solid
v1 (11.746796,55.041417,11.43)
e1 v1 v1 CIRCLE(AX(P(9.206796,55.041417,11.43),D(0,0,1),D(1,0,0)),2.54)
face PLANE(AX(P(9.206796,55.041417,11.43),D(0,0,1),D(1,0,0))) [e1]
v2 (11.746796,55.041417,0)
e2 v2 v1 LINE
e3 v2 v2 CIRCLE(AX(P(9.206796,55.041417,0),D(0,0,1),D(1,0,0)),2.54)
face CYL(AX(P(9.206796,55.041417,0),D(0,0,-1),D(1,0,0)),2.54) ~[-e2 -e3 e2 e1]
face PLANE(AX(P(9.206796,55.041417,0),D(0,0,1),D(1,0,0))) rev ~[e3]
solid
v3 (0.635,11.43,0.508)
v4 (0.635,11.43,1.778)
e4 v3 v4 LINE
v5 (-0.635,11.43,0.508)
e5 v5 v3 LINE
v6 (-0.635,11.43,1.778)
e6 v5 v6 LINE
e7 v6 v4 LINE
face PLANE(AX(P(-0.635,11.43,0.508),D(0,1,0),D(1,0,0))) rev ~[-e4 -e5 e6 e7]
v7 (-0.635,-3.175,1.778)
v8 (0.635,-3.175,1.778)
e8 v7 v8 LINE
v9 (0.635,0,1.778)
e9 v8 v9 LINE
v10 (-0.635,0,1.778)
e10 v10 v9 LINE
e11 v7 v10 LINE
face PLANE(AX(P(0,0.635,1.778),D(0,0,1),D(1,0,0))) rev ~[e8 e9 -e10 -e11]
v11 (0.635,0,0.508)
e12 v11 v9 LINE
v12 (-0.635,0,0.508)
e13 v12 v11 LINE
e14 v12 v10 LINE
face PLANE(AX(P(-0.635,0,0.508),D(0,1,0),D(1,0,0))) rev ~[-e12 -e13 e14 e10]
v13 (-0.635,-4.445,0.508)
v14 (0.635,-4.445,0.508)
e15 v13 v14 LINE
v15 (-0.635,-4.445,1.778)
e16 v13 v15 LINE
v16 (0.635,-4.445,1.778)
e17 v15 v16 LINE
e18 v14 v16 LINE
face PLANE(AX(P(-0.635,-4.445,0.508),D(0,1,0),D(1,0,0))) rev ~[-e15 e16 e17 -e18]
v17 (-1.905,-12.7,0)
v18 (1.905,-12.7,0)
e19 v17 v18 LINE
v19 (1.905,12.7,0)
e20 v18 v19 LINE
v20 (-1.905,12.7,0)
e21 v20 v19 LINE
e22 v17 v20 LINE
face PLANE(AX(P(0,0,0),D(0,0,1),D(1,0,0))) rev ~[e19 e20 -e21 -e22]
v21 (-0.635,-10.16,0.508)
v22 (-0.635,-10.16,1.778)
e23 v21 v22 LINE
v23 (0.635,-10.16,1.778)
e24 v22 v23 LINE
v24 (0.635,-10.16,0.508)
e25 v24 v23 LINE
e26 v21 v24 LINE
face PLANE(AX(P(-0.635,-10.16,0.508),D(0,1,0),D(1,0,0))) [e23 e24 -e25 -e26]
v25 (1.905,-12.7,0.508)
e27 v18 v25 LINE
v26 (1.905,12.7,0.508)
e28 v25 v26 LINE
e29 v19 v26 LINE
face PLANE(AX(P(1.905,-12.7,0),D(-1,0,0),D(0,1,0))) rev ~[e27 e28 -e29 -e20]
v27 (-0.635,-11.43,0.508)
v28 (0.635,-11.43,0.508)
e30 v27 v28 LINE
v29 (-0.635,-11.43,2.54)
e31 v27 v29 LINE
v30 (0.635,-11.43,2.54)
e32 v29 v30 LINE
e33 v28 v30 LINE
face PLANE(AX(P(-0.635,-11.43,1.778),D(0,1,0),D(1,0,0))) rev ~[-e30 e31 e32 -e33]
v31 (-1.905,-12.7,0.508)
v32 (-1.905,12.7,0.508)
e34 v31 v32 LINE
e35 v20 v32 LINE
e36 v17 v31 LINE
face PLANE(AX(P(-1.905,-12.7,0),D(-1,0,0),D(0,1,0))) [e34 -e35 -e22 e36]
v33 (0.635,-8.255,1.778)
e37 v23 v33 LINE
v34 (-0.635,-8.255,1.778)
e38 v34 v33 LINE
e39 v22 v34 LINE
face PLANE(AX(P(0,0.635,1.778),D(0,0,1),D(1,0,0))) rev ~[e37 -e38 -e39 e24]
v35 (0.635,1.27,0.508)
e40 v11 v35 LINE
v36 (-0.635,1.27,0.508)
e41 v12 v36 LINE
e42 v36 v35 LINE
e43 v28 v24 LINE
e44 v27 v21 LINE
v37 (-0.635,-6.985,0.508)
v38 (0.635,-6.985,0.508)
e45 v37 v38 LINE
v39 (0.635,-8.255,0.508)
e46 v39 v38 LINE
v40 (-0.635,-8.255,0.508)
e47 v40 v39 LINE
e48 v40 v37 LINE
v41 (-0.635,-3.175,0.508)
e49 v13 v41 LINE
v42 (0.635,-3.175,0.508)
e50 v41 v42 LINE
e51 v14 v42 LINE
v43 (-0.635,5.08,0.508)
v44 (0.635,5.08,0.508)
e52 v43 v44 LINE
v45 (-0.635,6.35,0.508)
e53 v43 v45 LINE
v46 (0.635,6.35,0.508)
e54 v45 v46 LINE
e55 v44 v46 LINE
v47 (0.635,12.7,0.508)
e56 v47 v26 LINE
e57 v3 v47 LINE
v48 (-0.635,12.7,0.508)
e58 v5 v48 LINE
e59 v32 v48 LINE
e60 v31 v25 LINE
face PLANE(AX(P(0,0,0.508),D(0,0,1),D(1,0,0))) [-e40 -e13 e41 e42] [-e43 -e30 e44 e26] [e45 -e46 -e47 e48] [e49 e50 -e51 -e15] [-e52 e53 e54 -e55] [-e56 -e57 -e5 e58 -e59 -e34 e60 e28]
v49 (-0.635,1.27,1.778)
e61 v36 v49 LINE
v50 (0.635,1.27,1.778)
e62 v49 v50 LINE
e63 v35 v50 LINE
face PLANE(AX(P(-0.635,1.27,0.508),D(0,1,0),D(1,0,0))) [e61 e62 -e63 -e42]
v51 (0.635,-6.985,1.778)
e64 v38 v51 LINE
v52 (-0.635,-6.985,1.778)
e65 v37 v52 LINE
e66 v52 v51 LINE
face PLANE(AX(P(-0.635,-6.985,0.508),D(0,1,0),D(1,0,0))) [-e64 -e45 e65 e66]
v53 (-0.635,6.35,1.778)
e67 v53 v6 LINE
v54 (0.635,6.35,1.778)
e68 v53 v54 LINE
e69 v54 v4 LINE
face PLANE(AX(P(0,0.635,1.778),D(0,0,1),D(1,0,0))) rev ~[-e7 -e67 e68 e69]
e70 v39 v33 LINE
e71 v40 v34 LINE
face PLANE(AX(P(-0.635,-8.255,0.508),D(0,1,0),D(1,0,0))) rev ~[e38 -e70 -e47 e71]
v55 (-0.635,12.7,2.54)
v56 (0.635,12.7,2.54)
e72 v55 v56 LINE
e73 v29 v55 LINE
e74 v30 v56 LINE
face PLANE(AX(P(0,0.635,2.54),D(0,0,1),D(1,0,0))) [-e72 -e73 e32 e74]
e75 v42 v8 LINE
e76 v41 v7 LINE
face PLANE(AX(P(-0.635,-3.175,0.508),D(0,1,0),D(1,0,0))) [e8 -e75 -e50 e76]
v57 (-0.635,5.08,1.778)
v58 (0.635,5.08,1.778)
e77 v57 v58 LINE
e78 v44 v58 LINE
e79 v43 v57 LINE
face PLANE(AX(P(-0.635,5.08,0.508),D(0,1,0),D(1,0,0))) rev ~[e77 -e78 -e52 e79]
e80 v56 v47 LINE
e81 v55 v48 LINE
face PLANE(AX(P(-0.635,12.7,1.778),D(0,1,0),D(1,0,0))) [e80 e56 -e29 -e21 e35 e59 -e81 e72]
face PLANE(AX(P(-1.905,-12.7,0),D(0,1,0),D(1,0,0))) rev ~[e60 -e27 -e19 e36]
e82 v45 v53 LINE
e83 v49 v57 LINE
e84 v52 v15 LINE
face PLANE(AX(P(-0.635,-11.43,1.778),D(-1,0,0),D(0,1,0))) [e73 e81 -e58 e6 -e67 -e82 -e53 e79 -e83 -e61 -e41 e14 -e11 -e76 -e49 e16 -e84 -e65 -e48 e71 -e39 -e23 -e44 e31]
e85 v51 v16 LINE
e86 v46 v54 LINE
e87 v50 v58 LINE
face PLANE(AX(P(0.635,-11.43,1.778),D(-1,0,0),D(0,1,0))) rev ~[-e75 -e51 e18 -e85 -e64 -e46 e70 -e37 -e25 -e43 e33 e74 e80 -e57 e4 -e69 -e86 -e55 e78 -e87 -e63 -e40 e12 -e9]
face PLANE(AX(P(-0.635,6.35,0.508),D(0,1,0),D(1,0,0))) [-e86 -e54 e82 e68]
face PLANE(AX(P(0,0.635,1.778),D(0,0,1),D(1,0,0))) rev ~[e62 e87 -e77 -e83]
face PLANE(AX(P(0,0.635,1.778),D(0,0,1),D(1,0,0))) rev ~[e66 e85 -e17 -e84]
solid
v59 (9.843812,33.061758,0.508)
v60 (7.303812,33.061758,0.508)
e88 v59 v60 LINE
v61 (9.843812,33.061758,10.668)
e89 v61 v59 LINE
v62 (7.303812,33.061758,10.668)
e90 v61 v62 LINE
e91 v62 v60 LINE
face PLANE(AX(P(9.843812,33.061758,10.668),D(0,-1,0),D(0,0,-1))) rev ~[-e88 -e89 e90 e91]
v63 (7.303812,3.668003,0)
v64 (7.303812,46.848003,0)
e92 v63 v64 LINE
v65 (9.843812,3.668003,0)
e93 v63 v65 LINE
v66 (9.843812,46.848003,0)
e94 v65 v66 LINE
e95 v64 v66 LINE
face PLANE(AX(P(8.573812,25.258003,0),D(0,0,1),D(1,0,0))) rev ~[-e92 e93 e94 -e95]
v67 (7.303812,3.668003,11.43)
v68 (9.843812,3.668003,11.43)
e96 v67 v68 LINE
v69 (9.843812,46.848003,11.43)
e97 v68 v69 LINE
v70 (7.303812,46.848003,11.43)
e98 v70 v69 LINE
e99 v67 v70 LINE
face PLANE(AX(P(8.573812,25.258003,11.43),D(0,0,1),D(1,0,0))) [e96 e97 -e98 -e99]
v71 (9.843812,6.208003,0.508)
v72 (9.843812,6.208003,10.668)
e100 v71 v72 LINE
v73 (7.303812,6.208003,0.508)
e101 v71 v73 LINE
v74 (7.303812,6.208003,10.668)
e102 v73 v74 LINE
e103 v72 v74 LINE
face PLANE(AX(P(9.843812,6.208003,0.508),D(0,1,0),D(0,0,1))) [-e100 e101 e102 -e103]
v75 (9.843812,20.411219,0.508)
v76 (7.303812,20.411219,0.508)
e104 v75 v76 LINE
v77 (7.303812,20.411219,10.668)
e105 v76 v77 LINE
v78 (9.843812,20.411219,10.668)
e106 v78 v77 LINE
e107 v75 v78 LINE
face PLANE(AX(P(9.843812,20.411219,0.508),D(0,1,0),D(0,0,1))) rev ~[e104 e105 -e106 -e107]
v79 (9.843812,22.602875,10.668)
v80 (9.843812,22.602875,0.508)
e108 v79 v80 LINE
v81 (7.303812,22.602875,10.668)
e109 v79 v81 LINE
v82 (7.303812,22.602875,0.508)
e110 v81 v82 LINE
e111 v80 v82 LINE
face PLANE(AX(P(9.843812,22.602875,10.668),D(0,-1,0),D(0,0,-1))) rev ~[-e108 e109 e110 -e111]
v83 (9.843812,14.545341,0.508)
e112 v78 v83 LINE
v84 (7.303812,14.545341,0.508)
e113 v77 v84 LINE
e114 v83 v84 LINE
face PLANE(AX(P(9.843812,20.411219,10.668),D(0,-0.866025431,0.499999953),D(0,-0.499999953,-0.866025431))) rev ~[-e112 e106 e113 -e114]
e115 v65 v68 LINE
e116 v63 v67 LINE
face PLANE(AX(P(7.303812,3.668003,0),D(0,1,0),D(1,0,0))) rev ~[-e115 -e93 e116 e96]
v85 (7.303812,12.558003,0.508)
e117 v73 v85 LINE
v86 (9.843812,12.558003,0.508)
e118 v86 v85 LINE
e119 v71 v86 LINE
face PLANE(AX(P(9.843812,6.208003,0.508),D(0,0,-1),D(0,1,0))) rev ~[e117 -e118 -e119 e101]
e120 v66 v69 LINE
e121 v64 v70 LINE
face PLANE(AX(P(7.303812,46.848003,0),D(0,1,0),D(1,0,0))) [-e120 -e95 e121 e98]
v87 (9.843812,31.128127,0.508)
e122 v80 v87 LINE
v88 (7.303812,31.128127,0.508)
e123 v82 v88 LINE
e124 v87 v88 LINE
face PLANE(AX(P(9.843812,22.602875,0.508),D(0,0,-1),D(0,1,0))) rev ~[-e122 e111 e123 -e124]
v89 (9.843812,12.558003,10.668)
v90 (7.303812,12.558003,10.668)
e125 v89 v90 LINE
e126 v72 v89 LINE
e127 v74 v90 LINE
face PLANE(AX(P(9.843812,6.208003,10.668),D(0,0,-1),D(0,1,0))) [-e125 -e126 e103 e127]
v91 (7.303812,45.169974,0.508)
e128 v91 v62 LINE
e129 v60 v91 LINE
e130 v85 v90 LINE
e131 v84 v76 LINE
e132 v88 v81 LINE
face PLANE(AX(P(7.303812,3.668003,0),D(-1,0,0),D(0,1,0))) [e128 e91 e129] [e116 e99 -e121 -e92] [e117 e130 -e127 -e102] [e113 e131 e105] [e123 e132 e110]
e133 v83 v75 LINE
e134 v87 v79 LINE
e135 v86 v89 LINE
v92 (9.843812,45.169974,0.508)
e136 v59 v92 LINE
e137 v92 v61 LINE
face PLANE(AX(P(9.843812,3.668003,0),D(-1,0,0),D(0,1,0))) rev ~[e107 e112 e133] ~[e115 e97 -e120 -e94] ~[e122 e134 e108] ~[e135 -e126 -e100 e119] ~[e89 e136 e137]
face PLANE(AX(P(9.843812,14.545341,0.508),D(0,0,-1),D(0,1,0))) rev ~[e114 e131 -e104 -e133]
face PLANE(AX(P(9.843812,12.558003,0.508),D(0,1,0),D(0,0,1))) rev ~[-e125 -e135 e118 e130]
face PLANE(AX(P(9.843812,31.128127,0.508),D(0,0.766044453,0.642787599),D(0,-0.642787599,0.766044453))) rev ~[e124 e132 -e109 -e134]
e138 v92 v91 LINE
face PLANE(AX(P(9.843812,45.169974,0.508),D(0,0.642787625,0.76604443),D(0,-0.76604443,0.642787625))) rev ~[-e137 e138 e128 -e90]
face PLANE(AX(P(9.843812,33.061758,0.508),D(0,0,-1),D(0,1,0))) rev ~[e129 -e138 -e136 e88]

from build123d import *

# Parameters (mm, degrees)
F0_W     = 3.81
F0_H     = 25.4
F1_DEPTH = 0.508
F2_W     = 1.27
F2_H     = 1.27
F3_DEPTH = 1.27
F4_W     = 1.27
F4_H     = 24.13
F5_DEPTH = 0.762
F6_W     = 2.54
F6_H     = 43.18
F6_R     = 2.54
F7_DEPTH = 11.43
F8_W     = 6.35
F8_H     = 10.16
F9_DEPTH = 2.54


with BuildPart() as f1:
    # F0 (on Top) → F1 (new body)
    with BuildSketch(Plane.XY):
        Rectangle(F0_W, F0_H)
    extrude(amount=F1_DEPTH)

    # F2 (on face) → F3 (join)
    with BuildSketch(Plane.XY.offset(0.508)):
        with Locations((0, 12.065)):
            Rectangle(F2_W, F2_H)
        with Locations((0, 5.715)):
            Rectangle(F2_W, F2_H)
        with Locations((0, 0.635)):
            Rectangle(F2_W, F2_H)
        with Locations((0, -3.81)):
            Rectangle(F2_W, F2_H)
        with Locations((0, -7.62)):
            Rectangle(F2_W, F2_H)
        with Locations((0, -10.795)):
            Rectangle(F2_W, F2_H)
    extrude(amount=F3_DEPTH)

    # F4 (on face) → F5 (join)
    with BuildSketch(Plane.XY.offset(1.778)):
        with Locations((0, 0.635)):
            Rectangle(F4_W, F4_H)
    extrude(amount=F5_DEPTH)


with BuildPart() as f7:
    # F6 (on Top) → F7 (new body)
    with BuildSketch(Plane.XY):
        with Locations((8.573812, 25.258003)):
            Rectangle(F6_W, F6_H)
        with Locations((9.206796, 55.041417)):
            Circle(F6_R)
    extrude(amount=F7_DEPTH)

    # F8 (on face) → F9 (cut, through all)
    with BuildSketch(Plane.YZ.offset(9.843812)):
        with Locations((9.383003, 5.588)):
            Rectangle(F8_W, F8_H)
        Polygon((20.411219, 10.668), (14.545341, 0.508), (20.411219, 0.508), align=None)
        Polygon((22.602875, 10.668), (22.602875, 0.508), (31.128127, 0.508), align=None)
        Polygon((33.061758, 10.668), (33.061758, 0.508), (45.169974, 0.508), align=None)
    extrude(amount=-F9_DEPTH, mode=Mode.SUBTRACT)


solid = Compound([f1.part, f7.part])
